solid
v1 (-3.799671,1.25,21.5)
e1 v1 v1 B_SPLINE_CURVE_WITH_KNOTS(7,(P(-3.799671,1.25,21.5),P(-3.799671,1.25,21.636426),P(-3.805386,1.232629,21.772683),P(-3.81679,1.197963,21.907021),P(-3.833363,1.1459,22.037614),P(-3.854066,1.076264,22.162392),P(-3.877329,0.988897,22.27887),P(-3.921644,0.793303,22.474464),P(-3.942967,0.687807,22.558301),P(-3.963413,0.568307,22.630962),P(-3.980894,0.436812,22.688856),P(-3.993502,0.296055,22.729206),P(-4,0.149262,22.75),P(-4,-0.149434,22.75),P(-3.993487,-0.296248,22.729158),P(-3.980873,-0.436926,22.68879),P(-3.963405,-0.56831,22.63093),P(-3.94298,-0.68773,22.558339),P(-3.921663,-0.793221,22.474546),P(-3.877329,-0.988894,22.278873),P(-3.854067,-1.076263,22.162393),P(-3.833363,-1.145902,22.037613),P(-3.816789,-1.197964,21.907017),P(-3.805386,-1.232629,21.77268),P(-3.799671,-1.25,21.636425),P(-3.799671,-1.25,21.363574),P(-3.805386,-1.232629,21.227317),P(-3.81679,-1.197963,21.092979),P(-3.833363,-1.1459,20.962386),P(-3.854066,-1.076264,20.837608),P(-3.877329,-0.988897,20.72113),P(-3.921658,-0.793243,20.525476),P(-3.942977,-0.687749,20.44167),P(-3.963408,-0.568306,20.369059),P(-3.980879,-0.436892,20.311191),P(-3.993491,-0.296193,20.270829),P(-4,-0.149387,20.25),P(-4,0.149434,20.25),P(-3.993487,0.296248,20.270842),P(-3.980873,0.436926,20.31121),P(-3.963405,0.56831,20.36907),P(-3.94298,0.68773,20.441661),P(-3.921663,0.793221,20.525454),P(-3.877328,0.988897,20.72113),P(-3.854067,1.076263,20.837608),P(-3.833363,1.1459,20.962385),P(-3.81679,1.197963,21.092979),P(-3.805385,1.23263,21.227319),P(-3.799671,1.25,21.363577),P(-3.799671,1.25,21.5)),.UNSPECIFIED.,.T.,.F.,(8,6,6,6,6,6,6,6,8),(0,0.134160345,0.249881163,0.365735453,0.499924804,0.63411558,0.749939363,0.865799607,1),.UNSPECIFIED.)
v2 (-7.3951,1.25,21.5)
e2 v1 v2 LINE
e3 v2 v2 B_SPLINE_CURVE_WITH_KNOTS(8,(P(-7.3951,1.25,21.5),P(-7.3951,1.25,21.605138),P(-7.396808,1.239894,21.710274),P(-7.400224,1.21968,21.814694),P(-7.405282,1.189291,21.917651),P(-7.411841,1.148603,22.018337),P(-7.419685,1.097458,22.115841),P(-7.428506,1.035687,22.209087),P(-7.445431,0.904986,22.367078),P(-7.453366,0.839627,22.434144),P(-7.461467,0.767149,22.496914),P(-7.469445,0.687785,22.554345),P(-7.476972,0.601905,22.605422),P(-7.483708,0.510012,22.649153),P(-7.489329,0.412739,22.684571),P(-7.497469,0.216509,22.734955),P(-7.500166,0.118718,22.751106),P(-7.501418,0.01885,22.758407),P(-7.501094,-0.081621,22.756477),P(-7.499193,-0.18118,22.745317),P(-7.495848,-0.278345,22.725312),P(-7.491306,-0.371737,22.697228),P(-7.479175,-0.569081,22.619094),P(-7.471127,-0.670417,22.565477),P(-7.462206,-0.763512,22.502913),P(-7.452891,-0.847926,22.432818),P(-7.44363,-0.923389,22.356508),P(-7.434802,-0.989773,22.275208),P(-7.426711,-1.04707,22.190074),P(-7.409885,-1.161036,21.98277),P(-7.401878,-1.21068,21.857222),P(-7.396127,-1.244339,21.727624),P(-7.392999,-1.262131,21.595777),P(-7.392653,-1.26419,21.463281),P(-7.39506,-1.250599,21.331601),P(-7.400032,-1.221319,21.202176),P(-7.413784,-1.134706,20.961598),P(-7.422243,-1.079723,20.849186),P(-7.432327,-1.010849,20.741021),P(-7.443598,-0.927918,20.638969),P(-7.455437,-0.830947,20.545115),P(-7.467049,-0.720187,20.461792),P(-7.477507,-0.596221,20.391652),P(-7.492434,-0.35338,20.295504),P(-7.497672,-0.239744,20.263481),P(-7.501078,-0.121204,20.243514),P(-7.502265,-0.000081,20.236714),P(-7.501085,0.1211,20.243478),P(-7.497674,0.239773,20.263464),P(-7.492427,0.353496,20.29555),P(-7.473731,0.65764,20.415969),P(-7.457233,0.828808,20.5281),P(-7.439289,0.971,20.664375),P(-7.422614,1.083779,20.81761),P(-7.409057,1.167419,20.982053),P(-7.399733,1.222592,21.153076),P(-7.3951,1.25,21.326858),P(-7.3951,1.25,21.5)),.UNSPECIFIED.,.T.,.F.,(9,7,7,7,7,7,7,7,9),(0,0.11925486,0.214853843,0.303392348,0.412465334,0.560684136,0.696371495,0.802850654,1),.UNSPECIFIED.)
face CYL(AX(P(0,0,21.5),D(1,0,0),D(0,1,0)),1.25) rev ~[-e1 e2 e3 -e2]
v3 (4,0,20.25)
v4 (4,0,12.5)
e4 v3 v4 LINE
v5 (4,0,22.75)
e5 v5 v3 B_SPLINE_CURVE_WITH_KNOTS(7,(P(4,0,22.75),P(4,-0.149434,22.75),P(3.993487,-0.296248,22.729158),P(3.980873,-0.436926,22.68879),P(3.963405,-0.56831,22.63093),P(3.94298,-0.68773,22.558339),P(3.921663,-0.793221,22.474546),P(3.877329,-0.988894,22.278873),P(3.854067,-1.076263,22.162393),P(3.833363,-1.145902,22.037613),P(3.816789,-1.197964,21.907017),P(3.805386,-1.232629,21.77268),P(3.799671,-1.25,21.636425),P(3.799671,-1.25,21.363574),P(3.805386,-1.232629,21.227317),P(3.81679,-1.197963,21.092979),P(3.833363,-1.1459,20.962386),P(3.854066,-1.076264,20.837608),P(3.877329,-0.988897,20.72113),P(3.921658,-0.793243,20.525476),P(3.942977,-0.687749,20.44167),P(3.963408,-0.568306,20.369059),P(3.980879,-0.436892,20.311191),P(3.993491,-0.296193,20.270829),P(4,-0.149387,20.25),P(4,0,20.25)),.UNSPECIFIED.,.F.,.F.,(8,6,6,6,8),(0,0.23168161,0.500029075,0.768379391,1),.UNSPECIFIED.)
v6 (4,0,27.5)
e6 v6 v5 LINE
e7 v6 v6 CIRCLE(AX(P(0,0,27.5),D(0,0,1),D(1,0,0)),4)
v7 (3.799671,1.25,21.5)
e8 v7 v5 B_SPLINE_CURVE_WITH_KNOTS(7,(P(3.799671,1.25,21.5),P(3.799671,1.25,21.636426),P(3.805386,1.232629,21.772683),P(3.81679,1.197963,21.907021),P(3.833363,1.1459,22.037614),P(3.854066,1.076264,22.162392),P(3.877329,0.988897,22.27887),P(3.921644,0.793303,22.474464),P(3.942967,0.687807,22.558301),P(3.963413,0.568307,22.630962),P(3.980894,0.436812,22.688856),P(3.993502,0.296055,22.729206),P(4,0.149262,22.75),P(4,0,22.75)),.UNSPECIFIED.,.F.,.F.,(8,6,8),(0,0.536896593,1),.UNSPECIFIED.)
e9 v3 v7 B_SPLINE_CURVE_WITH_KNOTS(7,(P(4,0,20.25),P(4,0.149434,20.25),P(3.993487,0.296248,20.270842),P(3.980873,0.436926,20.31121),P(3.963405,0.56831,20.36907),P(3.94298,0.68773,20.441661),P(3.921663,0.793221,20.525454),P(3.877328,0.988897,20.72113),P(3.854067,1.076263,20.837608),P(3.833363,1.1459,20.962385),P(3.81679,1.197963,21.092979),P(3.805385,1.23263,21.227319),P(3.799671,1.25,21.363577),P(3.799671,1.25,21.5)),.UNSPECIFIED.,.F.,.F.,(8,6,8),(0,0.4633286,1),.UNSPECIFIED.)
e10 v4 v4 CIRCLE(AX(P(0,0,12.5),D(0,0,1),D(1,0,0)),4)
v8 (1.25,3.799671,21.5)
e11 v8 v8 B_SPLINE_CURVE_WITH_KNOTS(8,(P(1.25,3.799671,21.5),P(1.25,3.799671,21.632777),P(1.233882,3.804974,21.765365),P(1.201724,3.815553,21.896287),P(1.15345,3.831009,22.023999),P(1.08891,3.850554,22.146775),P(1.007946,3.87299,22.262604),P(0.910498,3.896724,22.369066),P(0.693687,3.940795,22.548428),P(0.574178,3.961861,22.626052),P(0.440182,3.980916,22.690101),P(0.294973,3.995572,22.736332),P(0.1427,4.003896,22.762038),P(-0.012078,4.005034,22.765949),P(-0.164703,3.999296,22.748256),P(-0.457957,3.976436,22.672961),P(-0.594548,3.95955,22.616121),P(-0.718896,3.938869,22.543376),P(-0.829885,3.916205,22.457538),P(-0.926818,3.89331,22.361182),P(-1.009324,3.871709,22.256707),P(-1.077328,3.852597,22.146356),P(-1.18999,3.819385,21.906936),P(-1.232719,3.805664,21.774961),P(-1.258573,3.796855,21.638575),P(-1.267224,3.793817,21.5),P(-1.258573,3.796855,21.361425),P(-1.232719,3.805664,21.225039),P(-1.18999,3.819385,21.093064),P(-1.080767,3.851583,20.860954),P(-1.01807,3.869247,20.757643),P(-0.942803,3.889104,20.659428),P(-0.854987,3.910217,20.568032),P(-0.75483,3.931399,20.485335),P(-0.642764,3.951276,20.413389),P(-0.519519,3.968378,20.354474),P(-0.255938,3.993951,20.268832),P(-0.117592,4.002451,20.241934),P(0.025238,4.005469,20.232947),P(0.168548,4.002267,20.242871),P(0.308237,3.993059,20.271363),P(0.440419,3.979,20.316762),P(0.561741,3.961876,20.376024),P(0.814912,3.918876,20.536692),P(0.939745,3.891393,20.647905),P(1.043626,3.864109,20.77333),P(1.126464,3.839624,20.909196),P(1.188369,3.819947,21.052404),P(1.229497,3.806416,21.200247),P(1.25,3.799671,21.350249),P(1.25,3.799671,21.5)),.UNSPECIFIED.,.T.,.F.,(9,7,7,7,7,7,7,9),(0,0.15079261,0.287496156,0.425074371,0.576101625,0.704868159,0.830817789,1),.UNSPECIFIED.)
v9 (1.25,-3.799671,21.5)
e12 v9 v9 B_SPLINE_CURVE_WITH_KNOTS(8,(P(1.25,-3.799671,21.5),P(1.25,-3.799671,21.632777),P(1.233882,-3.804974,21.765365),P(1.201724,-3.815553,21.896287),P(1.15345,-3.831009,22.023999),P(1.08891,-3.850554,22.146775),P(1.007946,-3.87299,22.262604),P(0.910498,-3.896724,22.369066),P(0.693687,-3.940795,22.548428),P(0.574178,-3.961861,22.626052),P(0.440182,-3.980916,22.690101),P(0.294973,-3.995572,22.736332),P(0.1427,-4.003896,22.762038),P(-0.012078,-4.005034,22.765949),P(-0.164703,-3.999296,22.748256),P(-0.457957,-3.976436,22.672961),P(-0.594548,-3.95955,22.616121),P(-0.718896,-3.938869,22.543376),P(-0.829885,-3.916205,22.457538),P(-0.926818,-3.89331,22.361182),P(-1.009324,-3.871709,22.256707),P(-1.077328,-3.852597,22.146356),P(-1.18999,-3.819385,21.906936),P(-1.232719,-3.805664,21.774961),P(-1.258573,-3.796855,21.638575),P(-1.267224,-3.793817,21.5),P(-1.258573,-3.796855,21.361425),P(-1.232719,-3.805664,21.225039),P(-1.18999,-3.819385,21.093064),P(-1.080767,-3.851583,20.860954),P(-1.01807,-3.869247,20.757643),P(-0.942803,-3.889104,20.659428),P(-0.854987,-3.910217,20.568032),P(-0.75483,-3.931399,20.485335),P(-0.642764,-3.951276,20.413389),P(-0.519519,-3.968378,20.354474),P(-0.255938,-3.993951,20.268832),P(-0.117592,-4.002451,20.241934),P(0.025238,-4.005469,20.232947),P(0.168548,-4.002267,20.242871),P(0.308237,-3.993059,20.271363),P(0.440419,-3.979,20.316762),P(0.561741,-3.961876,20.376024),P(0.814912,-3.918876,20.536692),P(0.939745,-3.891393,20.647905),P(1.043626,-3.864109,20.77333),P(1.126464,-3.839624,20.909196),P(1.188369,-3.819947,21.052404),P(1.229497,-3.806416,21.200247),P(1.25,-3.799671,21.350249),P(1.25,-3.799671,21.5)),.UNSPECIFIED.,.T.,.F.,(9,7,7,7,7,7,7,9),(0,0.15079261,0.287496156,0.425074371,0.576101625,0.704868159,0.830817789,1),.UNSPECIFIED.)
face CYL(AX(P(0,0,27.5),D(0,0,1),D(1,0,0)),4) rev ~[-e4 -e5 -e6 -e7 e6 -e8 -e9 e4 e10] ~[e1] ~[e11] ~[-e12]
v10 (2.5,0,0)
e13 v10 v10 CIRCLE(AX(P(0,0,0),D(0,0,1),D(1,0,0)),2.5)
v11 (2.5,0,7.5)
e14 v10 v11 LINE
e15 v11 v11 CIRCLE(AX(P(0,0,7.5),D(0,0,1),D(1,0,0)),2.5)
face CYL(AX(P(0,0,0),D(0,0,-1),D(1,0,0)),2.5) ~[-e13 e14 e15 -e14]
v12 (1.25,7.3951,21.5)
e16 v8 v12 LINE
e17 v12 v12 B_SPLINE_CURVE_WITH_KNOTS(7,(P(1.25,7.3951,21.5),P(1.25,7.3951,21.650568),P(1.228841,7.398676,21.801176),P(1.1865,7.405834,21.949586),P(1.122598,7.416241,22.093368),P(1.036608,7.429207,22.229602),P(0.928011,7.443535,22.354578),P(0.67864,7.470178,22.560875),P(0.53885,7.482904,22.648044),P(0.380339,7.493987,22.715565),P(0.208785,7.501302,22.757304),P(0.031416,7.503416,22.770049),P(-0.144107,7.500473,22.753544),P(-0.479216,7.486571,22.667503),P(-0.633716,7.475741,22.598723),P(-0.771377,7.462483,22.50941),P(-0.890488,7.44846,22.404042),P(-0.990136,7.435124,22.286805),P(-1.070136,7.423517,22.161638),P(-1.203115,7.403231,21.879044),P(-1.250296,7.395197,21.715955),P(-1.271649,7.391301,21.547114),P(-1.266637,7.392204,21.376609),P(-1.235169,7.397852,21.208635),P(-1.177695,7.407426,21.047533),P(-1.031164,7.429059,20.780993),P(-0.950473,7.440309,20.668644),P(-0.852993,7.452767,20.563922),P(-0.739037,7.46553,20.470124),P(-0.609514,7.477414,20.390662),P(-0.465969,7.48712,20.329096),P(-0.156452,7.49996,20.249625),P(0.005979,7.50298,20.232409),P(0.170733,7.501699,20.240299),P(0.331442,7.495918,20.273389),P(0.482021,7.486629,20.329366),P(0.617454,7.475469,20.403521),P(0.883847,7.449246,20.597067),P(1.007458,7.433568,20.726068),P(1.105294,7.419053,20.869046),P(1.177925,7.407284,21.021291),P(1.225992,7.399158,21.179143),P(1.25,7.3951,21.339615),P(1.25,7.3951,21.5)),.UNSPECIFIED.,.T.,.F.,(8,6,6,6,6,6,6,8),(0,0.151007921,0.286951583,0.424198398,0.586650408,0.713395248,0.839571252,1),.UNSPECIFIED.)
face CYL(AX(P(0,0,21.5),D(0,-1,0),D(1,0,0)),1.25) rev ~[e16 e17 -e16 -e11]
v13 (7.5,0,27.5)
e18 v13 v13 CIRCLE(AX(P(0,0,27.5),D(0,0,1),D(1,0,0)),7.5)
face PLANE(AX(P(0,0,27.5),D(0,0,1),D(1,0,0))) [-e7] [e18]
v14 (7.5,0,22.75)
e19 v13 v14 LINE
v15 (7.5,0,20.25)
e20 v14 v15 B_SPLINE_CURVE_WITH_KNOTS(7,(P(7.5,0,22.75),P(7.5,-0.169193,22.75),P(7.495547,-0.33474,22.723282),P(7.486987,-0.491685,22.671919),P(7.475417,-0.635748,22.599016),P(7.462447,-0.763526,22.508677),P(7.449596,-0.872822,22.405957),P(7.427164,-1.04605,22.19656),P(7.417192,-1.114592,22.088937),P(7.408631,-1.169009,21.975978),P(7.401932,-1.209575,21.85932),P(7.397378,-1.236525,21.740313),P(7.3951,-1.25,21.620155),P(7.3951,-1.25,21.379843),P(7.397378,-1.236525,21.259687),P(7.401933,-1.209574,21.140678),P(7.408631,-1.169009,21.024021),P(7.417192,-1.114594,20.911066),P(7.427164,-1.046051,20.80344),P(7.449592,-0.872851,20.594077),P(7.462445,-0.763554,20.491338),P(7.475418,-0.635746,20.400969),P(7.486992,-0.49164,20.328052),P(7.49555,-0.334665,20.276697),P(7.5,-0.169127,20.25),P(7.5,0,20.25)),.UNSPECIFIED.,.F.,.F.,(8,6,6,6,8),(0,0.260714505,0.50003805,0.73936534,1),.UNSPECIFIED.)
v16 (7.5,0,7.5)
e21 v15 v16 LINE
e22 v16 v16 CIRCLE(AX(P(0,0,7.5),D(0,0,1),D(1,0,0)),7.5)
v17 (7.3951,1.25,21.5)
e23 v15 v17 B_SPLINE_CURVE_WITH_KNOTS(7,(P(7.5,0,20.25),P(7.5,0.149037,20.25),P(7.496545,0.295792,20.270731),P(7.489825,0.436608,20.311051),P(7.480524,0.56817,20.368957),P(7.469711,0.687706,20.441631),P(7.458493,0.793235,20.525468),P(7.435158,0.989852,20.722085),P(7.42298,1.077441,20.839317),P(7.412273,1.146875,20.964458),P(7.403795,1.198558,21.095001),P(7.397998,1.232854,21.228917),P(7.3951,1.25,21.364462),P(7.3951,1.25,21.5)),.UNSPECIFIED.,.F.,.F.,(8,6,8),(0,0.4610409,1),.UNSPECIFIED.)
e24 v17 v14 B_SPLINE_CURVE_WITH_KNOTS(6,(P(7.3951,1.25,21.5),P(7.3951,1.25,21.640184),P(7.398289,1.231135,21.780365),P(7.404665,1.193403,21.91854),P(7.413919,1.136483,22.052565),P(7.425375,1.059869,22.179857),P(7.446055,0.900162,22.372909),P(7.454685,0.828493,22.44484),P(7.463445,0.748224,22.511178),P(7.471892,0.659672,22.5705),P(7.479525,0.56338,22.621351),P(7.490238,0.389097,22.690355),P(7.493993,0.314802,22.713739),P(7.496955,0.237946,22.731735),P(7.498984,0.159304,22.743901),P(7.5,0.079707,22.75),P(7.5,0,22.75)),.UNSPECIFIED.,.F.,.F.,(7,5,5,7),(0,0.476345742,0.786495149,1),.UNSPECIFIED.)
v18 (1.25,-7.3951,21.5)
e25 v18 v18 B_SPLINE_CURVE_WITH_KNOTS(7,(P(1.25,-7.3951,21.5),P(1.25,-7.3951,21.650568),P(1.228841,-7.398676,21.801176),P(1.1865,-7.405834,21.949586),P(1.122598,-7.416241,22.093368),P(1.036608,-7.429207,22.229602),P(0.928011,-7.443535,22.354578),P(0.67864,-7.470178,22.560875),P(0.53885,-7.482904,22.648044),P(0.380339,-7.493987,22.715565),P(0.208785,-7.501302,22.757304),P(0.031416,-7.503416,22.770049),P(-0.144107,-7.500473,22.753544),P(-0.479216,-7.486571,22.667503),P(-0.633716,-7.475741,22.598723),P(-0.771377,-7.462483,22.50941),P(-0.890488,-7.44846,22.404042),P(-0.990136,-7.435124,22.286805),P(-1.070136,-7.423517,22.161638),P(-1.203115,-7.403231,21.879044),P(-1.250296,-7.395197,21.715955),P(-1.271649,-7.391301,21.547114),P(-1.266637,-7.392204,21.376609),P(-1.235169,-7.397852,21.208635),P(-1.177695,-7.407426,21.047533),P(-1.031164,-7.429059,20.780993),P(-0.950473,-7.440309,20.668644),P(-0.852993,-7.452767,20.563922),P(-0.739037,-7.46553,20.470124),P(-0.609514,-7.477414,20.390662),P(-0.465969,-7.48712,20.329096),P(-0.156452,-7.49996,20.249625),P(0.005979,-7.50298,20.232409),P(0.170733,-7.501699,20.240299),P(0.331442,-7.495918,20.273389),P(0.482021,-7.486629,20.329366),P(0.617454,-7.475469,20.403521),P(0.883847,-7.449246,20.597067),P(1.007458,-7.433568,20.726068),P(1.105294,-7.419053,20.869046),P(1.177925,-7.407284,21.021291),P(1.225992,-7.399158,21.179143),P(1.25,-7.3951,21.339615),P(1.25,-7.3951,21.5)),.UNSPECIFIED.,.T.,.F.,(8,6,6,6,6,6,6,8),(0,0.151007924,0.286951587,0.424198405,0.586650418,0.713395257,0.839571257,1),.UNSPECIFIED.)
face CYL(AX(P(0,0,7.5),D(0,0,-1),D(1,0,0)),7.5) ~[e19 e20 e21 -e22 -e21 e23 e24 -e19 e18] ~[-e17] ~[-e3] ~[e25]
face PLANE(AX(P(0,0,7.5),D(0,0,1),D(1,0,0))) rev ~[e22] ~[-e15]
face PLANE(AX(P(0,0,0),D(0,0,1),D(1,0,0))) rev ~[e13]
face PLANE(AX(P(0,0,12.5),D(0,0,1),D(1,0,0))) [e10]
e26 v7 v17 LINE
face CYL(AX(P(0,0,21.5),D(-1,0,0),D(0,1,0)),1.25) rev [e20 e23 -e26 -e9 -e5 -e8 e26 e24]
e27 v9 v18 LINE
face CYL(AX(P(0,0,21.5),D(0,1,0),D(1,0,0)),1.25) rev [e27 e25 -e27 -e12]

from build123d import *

# Parameters (mm, degrees)
F0_R           = 2.5
F1_DEPTH       = 7.5
F2_R           = 7.5
F3_DEPTH       = 15
F4_DEPTH       = 20
F5_R           = 4
F6_DEPTH       = 15
F7_R           = 1.25
F8_DEPTH       = 7.501
F8_DEPTH_BACK  = 7.501
F9_R           = 1.25
F10_DEPTH      = 7.5010001
F10_DEPTH_BACK = 7.5010001


with BuildPart() as f1:
    # F0 (on Top) → F1 (new body)
    with BuildSketch(Plane.XY):
        Circle(F0_R)
    extrude(amount=F1_DEPTH)

    # F2 (on face) → F3 (join)
    with BuildSketch(Plane.XY.offset(7.5)):
        Circle(F2_R)
    extrude(amount=F3_DEPTH)

    # F2 (on face) → F4 (join)
    with BuildSketch(Plane.XY.offset(7.5)):
        Circle(F2_R)
    extrude(amount=F4_DEPTH)

    # F5 (on face) → F6 (cut)
    with BuildSketch(Plane.XY.offset(27.5)):
        Circle(F5_R)
    extrude(amount=-F6_DEPTH, mode=Mode.SUBTRACT)

    # F7 (on Front) → F8 (cut, two sides)
    with BuildSketch(Plane.XZ) as f8_sk:
        with Locations((0, 21.5)):
            Circle(F7_R)
    extrude(amount=-F8_DEPTH, mode=Mode.SUBTRACT)
    extrude(f8_sk.sketch, amount=F8_DEPTH_BACK, mode=Mode.SUBTRACT)

    # F9 (on Right) → F10 (cut, two sides)
    with BuildSketch(Plane.YZ) as f10_sk:
        with Locations((0, 21.5)):
            Circle(F9_R)
    extrude(amount=-F10_DEPTH, mode=Mode.SUBTRACT)
    extrude(f10_sk.sketch, amount=F10_DEPTH_BACK, mode=Mode.SUBTRACT)


solid = f1.part
